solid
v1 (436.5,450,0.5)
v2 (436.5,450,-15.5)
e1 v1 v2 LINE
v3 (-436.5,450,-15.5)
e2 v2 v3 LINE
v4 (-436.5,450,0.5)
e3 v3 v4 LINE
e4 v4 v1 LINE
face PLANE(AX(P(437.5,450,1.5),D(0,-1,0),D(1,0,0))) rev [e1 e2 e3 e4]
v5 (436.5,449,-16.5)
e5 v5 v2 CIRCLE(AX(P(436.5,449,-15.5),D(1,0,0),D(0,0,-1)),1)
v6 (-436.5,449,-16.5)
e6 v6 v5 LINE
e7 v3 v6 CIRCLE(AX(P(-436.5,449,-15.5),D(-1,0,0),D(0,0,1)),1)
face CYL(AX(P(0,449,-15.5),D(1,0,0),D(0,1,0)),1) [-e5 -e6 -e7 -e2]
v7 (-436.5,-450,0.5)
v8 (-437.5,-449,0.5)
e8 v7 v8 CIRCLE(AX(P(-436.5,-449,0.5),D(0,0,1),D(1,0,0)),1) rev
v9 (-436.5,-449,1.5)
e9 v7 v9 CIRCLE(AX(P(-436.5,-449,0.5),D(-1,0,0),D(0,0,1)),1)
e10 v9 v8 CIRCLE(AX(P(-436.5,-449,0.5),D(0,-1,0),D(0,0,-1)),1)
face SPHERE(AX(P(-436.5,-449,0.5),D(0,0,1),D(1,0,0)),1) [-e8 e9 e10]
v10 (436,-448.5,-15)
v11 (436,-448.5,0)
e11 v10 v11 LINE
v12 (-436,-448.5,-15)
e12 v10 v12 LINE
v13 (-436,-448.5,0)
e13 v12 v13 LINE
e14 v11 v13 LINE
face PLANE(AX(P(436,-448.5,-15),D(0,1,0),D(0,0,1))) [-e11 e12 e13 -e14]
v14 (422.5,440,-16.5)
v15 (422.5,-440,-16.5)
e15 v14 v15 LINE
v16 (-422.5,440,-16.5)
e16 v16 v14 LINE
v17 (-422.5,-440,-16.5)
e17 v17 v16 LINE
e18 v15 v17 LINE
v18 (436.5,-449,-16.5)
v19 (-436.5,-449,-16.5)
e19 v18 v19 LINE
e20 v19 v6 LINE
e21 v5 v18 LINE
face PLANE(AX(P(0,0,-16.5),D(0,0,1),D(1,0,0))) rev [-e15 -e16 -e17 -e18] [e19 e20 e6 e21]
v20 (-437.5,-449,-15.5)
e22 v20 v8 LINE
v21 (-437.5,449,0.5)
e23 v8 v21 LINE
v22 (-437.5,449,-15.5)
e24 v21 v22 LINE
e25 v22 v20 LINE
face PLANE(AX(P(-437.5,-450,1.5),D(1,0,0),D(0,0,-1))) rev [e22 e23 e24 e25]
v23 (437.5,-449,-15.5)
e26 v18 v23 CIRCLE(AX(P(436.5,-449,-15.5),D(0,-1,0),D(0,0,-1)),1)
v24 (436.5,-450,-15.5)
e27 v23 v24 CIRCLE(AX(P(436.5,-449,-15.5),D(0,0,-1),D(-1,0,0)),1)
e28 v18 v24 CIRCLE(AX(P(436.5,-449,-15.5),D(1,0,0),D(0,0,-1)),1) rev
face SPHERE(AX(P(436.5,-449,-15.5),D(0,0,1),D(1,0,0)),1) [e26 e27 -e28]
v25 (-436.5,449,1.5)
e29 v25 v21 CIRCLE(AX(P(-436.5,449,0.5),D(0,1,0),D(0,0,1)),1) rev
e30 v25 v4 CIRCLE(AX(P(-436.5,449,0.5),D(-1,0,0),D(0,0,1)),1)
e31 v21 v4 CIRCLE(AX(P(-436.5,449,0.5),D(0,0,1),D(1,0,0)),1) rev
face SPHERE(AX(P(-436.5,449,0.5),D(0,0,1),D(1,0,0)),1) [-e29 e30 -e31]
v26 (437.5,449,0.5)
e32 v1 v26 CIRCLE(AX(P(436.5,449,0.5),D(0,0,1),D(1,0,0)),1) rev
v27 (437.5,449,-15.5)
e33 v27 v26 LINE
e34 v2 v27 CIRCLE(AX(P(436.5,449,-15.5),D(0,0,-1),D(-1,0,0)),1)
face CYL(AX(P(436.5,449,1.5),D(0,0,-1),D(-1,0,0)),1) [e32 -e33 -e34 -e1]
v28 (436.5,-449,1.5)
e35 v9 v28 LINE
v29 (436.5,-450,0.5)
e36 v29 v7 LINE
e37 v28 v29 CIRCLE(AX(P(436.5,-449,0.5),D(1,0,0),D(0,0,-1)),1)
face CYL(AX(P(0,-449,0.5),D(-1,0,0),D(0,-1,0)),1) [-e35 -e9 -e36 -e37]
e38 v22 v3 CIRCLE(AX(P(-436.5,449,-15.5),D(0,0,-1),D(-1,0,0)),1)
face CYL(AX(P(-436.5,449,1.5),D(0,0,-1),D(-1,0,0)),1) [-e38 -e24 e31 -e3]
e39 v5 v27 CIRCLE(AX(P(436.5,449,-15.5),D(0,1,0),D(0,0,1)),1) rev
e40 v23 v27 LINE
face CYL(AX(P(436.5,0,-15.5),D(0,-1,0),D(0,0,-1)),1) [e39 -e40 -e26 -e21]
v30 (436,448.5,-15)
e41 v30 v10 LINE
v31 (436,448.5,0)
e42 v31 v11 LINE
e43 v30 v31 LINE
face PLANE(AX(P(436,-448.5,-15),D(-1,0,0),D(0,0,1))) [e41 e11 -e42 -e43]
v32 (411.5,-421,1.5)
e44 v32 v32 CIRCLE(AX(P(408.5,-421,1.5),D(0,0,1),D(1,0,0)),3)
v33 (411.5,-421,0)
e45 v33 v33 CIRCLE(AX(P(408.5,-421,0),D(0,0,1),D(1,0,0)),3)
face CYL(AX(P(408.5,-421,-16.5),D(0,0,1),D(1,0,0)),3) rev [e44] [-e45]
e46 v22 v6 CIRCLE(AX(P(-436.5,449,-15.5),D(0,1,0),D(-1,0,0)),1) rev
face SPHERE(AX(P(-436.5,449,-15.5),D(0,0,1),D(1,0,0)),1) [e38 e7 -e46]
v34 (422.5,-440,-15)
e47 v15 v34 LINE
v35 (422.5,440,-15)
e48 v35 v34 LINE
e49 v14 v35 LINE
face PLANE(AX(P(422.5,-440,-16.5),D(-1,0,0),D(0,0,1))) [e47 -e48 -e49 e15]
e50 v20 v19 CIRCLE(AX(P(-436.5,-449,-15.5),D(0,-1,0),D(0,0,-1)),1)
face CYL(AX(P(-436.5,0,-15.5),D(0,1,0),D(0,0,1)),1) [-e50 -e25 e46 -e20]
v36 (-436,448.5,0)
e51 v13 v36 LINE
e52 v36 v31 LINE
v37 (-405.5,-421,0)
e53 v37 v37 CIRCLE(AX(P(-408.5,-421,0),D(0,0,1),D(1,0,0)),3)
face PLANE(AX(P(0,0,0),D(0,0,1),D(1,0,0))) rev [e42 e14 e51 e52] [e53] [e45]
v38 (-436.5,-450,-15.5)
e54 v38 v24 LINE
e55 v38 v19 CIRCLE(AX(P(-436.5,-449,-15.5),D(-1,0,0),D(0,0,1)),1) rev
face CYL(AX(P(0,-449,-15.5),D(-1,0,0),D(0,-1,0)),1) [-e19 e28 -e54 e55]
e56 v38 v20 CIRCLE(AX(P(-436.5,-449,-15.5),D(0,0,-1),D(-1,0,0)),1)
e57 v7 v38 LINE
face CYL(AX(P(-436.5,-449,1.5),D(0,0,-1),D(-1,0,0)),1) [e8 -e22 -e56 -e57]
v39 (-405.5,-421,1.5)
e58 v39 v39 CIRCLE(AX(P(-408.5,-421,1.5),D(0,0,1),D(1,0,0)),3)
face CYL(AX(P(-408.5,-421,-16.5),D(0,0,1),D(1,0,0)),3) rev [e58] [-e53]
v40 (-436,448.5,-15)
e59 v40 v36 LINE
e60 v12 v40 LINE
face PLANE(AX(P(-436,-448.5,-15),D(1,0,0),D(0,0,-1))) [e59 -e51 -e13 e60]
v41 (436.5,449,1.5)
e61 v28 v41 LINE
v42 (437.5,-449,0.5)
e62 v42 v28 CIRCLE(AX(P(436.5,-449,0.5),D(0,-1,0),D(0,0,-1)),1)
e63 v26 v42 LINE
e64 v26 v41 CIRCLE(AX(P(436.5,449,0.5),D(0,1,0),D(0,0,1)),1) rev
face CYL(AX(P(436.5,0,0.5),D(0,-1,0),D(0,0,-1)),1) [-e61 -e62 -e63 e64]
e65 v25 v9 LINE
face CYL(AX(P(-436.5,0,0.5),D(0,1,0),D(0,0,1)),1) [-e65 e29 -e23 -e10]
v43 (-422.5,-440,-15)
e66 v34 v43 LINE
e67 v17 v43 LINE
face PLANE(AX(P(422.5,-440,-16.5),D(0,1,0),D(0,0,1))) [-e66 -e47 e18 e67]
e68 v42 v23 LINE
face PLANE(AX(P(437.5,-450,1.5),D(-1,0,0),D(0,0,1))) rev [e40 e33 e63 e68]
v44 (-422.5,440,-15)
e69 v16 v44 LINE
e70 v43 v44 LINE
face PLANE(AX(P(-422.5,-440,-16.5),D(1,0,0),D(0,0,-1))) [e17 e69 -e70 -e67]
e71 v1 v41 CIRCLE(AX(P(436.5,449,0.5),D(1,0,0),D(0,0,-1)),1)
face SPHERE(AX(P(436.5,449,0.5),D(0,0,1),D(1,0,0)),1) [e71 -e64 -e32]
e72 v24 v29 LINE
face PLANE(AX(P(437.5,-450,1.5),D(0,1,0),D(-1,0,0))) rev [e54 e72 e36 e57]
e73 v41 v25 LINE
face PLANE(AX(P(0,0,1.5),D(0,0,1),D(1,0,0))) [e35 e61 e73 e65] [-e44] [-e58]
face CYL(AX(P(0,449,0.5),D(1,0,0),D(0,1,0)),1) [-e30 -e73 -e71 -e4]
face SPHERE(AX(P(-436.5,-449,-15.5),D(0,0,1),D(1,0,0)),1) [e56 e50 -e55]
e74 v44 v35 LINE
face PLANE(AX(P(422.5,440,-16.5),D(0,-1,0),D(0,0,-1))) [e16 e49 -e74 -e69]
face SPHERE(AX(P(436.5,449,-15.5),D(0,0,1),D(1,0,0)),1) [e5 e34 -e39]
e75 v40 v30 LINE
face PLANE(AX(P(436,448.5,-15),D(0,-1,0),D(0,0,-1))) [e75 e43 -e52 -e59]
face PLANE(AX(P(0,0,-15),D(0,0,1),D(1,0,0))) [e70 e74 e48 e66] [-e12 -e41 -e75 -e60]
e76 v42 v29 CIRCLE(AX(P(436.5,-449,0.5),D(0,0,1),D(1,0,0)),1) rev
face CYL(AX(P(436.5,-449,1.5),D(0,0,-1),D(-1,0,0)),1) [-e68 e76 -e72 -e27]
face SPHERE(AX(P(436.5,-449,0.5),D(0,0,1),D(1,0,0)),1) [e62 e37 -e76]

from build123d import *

# Parameters (mm, degrees)
SKETCH_1_W          = 875
SKETCH_1_H          = 900
EXTRUDE_1_DEPTH     = 1.5
SKETCH_2_W          = 875
SKETCH_2_H          = 900
SKETCH_2_W_2        = 872
SKETCH_2_H_2        = 897
EXTRUDE_2_DEPTH     = 15
SKETCH_3_W          = 875
SKETCH_3_H          = 900
SKETCH_3_W_2        = 845
SKETCH_3_H_2        = 880
EXTRUDE_3_DEPTH     = 1.5
SKETCH_6_R          = 3
CUT_EXTRUDE_1_DEPTH = 19
FILLET_1_R          = 1


with BuildPart() as part:
    # 草图1 → 凸台-拉伸1 (new body)
    with BuildSketch(Plane.XY):
        Rectangle(SKETCH_1_W, SKETCH_1_H)
    extrude(amount=EXTRUDE_1_DEPTH)

    # 草图2 → 凸台-拉伸2 (add)
    with BuildSketch(Plane(origin=(0, 0, 0), x_dir=(-1, 0, 0), z_dir=(0, 0, -1))):
        Rectangle(SKETCH_2_W, SKETCH_2_H)
        Rectangle(SKETCH_2_W_2, SKETCH_2_H_2, mode=Mode.SUBTRACT)
    extrude(amount=EXTRUDE_2_DEPTH)

    # 草图3 → 凸台-拉伸3 (add)
    with BuildSketch(Plane(origin=(0, 0, -15), x_dir=(-1, 0, 0), z_dir=(0, 0, -1))):
        Rectangle(SKETCH_3_W, SKETCH_3_H)
        Rectangle(SKETCH_3_W_2, SKETCH_3_H_2, mode=Mode.SUBTRACT)
    extrude(amount=EXTRUDE_3_DEPTH)

    # 草图6 → 切除-拉伸1 (cut, through all)
    with BuildSketch(Plane.XY.offset(1.5)):
        with Locations((-408.5, -421)):
            Circle(SKETCH_6_R)
        with Locations((408.5, -421)):
            Circle(SKETCH_6_R)
    extrude(amount=-CUT_EXTRUDE_1_DEPTH, mode=Mode.SUBTRACT)

    # 圆角1
    fillet_1_edges = [part.edges().sort_by_distance(p)[0] for p in [
        (437.5, 0, 1.5),
        (0, 450, 1.5),
        (-437.5, 0, -16.5),
        (0, 450, -16.5),
        (437.5, 0, -16.5),
        (0, -450, -16.5),
        (-437.5, 0, 1.5),
        (0, -450, 1.5),
        (-437.5, 450, -7.5),
        (437.5, 450, -7.5),
        (437.5, -450, -7.5),
        (-437.5, -450, -7.5),
    ]]
    fillet(fillet_1_edges, radius=FILLET_1_R)


solid = part.part
